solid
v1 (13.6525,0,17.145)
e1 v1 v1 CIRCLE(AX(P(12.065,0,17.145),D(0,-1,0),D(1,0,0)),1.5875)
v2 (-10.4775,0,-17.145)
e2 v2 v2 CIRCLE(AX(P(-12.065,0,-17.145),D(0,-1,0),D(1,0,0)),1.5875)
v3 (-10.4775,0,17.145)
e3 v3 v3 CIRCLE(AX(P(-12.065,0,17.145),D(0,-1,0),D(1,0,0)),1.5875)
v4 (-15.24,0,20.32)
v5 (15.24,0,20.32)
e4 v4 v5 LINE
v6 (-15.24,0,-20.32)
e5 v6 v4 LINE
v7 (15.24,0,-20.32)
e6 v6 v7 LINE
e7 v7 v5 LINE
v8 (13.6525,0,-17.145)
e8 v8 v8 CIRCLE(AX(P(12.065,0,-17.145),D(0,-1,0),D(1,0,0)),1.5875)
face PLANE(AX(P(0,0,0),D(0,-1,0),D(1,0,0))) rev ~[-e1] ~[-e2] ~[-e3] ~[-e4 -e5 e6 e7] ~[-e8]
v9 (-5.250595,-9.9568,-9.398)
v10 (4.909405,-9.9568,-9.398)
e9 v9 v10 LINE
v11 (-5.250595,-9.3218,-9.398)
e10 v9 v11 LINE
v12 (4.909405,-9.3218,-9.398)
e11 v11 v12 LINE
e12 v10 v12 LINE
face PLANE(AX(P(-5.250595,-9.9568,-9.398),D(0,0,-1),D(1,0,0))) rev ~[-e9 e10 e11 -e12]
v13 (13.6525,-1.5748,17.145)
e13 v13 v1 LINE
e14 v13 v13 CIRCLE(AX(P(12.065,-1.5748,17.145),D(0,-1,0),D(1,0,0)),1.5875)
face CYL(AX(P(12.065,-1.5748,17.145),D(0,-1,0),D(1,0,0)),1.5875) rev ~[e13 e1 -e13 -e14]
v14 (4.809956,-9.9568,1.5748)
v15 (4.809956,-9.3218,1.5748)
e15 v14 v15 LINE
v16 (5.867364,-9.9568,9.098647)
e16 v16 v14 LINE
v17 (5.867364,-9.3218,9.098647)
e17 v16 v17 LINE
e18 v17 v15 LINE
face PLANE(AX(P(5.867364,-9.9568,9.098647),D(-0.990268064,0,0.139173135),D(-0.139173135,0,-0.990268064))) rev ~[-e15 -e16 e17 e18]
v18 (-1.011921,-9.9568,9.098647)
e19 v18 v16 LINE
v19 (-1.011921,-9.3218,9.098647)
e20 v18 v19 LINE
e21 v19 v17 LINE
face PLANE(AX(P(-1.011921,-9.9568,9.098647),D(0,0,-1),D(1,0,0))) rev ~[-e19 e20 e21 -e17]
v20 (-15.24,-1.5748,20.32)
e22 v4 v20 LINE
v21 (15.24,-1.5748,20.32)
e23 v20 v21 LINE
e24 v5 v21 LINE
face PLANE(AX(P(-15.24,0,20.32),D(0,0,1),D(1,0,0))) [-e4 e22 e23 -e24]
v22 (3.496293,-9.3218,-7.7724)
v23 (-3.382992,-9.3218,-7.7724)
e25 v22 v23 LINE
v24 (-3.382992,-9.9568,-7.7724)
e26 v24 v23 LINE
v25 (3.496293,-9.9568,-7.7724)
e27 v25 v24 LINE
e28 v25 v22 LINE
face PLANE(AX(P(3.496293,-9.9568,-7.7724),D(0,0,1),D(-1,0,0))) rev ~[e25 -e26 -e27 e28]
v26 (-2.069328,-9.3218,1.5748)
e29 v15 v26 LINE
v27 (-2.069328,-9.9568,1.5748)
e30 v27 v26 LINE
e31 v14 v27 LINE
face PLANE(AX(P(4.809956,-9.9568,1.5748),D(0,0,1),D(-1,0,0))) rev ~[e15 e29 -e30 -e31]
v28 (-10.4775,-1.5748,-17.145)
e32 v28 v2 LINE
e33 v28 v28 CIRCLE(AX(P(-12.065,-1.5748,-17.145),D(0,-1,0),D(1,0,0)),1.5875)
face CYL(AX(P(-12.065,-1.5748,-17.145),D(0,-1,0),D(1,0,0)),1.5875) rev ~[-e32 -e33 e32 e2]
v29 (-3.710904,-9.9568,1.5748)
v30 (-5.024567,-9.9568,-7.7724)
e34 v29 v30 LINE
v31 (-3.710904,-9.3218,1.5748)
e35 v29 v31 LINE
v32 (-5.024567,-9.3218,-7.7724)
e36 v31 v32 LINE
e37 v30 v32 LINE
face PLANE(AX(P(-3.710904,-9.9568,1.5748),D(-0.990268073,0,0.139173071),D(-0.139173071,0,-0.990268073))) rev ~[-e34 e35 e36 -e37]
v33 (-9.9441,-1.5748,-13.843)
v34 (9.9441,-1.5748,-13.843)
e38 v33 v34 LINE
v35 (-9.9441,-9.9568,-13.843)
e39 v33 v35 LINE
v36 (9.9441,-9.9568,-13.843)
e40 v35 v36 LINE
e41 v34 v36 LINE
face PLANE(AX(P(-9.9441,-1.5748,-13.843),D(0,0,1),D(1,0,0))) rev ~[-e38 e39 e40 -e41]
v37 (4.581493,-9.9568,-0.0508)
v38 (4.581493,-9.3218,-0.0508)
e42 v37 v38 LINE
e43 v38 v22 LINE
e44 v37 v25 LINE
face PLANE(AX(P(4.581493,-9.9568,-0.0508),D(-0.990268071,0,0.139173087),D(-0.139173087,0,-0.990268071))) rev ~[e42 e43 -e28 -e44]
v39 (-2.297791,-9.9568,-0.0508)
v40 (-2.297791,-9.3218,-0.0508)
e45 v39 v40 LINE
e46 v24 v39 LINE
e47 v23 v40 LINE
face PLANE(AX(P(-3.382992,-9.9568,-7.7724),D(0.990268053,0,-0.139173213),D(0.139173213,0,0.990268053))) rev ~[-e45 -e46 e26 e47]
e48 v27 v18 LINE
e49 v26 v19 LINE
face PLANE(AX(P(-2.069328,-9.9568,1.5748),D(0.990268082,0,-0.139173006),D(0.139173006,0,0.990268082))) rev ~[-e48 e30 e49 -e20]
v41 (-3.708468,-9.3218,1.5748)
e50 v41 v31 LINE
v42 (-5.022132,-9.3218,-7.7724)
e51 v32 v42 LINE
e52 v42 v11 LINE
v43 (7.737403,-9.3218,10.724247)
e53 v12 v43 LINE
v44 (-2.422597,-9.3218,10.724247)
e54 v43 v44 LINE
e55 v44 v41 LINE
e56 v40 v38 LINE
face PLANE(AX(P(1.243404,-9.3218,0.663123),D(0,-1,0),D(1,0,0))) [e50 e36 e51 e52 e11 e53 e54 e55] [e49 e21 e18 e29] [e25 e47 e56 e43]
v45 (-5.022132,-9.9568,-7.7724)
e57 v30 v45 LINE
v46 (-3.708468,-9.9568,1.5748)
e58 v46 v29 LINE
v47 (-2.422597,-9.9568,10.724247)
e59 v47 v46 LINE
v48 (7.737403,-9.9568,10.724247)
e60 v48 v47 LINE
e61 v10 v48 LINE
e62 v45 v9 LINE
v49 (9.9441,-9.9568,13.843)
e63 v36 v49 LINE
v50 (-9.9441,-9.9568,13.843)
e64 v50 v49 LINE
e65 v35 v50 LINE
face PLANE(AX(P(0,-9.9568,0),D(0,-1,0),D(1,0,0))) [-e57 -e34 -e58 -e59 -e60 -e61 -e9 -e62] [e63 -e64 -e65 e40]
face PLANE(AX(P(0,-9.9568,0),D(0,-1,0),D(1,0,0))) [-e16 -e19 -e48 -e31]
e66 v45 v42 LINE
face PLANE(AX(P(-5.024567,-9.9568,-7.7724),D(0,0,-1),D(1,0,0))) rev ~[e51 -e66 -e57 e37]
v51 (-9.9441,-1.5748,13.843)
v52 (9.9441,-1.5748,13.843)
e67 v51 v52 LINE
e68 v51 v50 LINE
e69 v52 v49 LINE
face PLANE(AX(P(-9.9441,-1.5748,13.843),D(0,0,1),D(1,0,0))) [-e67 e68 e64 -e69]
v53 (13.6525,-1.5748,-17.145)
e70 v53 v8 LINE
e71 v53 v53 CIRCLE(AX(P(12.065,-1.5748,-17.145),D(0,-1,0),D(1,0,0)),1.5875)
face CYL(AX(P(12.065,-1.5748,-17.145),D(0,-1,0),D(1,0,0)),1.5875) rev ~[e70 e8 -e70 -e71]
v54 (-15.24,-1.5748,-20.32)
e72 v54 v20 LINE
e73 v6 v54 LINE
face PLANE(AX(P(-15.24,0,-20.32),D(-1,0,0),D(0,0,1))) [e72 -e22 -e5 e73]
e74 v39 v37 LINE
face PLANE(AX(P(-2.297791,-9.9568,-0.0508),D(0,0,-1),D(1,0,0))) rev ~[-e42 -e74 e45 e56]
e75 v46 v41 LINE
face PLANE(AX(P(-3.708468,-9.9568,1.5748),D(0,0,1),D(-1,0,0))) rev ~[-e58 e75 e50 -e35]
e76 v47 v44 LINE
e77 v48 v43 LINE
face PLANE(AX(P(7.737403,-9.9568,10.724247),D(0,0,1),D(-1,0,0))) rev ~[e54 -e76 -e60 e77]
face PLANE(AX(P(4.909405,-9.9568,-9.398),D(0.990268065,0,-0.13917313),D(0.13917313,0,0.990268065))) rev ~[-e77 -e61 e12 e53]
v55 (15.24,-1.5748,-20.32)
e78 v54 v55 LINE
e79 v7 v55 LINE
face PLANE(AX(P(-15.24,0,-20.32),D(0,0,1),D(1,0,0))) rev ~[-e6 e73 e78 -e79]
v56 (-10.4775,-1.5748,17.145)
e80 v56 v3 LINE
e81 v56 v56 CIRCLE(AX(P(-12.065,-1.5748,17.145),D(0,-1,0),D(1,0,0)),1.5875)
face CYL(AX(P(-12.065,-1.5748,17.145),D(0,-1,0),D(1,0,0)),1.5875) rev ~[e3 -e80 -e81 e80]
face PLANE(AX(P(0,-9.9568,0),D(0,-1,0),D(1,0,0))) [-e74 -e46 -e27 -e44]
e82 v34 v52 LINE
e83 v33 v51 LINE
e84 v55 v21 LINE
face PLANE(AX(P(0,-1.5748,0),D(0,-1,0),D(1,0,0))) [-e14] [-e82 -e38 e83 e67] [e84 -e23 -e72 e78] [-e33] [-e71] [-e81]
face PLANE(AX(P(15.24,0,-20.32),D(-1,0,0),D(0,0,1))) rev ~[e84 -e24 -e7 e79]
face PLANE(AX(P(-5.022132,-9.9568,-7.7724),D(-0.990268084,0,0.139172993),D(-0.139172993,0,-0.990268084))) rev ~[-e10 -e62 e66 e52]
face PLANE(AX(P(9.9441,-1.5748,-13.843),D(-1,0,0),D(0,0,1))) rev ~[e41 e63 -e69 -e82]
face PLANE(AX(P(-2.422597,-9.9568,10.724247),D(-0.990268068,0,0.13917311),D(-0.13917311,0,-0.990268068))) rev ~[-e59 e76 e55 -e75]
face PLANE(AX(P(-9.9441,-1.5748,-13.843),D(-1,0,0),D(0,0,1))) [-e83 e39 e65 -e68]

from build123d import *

# Parameters (mm, degrees)
F0_W     = 30.48
F0_H     = 40.64
F1_DEPTH = 1.5748
F2_R     = 1.5875
F3_DEPTH = 1.5758
F4_W     = 19.8882
F4_H     = 27.686
F5_DEPTH = 8.382
F7_DEPTH = 0.635


with BuildPart() as f1:
    # F0 (on Front) → F1 (new body)
    with BuildSketch(Plane.XZ):
        Rectangle(F0_W, F0_H)
    extrude(amount=F1_DEPTH)

    # F2 (on face) → F3 (cut, through all)
    with BuildSketch(Plane.XZ.offset(1.5748)):
        with Locations((-12.065, 17.145)):
            Circle(F2_R)
        with Locations((12.065, 17.145)):
            Circle(F2_R)
        with Locations((-12.065, -17.145)):
            Circle(F2_R)
        with Locations((12.065, -17.145)):
            Circle(F2_R)
    extrude(amount=-F3_DEPTH, mode=Mode.SUBTRACT)

    # F4 (on face) → F5 (join)
    with BuildSketch(Plane.XZ.offset(1.5748)):
        Rectangle(F4_W, F4_H)
    extrude(amount=F5_DEPTH)

    # F6 (on face) → F7 (cut)
    with BuildSketch(Plane.XZ.offset(9.9568)):
        Polygon((-5.022132, -7.7724), (-5.250595, -9.398), (4.909405, -9.398), (7.737403, 10.724247), (-2.422597, 10.724247), (-3.708468, 1.5748), align=None)
        Polygon((-2.297791, -0.0508), (1.2573, -0.0508), (4.581493, -0.0508), (3.496293, -7.7724), (-3.382992, -7.7724), align=None, mode=Mode.SUBTRACT)
        Polygon((4.809956, 1.5748), (1.2573, 1.5748), (-2.069328, 1.5748), (-1.011921, 9.098647), (5.867364, 9.098647), align=None, mode=Mode.SUBTRACT)
        Polygon((-5.024567, -7.7724), (-5.022132, -7.7724), (-3.708468, 1.5748), (-3.710904, 1.5748), align=None)
    extrude(amount=-F7_DEPTH, mode=Mode.SUBTRACT)


solid = f1.part
